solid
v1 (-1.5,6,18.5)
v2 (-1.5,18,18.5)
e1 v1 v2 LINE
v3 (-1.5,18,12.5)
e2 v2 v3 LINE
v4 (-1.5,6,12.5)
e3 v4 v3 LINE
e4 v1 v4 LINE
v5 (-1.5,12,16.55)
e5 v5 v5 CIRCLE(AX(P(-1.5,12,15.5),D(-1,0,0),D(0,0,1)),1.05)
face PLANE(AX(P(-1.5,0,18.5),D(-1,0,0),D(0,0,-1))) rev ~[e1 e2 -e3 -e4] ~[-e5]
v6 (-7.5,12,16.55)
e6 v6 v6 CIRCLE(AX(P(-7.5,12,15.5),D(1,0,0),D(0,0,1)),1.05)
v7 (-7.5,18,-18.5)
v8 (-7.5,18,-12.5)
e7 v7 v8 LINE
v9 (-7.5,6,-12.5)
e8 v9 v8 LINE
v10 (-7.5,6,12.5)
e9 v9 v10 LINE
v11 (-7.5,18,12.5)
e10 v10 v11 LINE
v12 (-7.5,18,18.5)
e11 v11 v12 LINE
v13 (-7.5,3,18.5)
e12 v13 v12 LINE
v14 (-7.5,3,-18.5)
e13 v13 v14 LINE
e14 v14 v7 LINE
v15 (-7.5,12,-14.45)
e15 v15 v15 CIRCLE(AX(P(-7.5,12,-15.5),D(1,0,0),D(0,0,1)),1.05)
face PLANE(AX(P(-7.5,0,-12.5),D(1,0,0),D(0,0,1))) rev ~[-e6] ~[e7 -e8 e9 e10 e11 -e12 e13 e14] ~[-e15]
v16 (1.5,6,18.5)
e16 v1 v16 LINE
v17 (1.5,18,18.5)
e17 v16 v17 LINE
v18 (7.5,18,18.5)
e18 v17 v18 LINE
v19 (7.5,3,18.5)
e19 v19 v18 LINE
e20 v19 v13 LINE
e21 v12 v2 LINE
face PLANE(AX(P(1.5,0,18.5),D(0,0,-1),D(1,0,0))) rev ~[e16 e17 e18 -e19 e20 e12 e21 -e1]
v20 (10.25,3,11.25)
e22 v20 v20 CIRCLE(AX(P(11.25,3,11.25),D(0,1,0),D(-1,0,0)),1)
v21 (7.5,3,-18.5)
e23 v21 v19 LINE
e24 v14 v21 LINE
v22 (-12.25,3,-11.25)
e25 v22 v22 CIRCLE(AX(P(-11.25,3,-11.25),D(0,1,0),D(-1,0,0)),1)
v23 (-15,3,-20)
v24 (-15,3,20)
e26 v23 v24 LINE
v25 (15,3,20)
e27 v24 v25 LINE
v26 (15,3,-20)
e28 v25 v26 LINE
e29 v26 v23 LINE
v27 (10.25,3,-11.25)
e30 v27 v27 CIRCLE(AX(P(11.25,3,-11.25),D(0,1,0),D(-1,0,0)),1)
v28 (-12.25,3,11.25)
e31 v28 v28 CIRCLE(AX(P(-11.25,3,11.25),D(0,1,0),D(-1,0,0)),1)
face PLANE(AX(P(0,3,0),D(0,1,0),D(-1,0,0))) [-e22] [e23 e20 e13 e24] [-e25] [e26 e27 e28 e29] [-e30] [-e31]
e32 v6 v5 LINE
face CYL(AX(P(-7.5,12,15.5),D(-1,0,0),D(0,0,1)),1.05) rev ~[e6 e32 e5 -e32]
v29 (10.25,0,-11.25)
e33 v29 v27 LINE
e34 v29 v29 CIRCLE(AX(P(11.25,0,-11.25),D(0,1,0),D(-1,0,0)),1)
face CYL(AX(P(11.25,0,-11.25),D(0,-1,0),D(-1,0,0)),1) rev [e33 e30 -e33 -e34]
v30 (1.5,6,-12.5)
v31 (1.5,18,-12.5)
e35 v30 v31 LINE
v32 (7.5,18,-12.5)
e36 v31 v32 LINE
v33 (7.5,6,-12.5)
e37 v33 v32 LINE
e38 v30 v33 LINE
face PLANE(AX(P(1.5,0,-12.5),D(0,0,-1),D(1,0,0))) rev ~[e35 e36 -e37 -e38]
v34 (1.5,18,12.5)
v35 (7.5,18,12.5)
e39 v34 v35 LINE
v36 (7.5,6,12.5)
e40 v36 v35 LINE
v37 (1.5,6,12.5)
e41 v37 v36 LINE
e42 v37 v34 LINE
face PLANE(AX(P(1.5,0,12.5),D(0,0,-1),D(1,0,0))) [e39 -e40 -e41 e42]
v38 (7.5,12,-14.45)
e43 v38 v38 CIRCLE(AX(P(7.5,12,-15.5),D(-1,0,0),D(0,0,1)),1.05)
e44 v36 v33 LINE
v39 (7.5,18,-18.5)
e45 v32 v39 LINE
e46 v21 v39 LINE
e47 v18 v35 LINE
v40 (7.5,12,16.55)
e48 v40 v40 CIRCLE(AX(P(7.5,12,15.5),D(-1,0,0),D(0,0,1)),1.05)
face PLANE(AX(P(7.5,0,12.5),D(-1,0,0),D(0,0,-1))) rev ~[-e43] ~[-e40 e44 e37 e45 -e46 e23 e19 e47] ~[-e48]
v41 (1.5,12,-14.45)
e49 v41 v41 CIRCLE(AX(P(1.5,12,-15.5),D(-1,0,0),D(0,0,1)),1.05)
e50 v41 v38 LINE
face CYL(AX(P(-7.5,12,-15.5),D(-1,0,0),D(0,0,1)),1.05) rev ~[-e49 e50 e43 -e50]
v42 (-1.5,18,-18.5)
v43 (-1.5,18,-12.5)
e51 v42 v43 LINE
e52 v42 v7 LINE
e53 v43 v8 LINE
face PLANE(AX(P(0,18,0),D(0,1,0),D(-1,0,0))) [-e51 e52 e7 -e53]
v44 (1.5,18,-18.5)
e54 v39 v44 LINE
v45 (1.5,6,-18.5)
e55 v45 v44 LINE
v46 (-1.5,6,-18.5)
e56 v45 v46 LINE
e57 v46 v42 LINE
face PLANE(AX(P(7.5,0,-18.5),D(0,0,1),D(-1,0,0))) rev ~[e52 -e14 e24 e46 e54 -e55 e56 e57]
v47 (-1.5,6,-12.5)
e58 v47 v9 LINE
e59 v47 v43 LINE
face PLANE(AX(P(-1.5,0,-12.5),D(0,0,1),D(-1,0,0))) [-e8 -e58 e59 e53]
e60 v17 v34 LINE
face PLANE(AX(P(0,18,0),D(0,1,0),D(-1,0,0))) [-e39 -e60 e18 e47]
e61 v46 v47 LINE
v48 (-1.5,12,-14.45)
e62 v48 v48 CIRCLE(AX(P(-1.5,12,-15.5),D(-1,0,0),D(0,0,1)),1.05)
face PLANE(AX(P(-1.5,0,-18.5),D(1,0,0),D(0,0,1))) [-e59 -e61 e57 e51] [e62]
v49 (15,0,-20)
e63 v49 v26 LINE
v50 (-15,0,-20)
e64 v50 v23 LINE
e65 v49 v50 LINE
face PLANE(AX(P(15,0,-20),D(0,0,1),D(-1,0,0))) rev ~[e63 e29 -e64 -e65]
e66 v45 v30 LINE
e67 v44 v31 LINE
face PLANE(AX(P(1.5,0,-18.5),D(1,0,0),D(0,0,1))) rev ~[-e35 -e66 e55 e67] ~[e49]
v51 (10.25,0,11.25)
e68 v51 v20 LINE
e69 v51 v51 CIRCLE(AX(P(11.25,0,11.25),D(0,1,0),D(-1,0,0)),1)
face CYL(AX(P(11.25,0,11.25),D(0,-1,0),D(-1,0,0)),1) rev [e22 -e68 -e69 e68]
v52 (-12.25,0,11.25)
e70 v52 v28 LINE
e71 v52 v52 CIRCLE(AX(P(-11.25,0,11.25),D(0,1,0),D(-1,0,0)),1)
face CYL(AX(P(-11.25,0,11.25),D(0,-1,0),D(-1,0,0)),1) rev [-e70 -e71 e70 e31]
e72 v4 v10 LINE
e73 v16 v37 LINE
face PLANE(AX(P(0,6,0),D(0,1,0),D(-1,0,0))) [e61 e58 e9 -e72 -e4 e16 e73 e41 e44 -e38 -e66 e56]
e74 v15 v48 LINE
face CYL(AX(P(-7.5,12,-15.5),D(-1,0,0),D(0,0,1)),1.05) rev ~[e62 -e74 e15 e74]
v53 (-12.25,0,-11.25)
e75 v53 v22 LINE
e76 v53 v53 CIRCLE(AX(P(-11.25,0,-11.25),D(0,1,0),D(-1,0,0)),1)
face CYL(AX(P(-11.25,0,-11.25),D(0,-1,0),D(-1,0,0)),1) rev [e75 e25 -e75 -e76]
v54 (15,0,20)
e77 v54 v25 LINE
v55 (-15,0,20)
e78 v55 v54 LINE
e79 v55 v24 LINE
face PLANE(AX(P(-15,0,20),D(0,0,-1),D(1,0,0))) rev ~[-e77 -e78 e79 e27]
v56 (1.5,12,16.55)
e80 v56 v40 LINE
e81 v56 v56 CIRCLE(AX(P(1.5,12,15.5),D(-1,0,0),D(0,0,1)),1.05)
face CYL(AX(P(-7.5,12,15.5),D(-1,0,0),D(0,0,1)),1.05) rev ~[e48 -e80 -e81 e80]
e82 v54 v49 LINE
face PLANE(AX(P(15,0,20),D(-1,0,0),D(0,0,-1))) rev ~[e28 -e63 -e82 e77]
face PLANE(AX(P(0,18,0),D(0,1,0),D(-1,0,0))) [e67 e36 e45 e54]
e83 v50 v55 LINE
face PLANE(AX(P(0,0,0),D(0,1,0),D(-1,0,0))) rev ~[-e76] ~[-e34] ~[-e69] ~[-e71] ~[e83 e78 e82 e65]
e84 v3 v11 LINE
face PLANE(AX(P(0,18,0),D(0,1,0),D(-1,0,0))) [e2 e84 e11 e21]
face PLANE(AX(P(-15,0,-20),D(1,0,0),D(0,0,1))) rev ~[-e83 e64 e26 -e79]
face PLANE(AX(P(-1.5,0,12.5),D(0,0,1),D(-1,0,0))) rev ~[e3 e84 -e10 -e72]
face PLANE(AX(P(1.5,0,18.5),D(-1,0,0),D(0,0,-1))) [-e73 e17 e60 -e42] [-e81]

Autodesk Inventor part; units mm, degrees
ref_plane "YZ Plane" through (0, 0, 0) normal (1, 0, 0) x (0, 1, 0)
ref_plane "XZ Plane" through (0, 0, 0) normal (0, 1, 0) x (-1, 0, 0)
ref_plane "XY Plane" through (0, 0, 0) normal (0, 0, 1) x (1, 0, 0)
sketch "Sketch1" plane through (0, 0, 0) normal (0, 1, 0) x (-1, 0, 0)
  circle A0 centre (11.25, 11.25) radius 1
  circle A1 centre (11.25, -11.25) radius 1
  circle A2 centre (-11.25, 11.25) radius 1
  circle A3 centre (-11.25, -11.25) radius 1
  line L0 (-7.5, -18.5) -> (7.5, -18.5)
  line L1 (7.5, -18.5) -> (7.5, 18.5)
  line L2 (7.5, 18.5) -> (-7.5, 18.5)
  line L3 (-7.5, 18.5) -> (-7.5, -18.5)
  line L4 (-15, -20) -> (15, -20)
  line L5 (15, -20) -> (15, 20)
  line L6 (15, 20) -> (-15, 20)
  line L7 (-15, 20) -> (-15, -20)
  line L8 (7.5, -18.5) -> (1.5, -18.5)
  line L9 (1.5, -18.5) -> (1.5, -12.5)
  line L10 (1.5, -12.5) -> (7.5, -12.5)
  line L11 (7.5, -12.5) -> (7.5, -18.5)
  line L12 (-7.5, -18.5) -> (-1.5, -18.5)
  line L13 (-1.5, -18.5) -> (-1.5, -12.5)
  line L14 (-1.5, -12.5) -> (-7.5, -12.5)
  line L15 (-7.5, -12.5) -> (-7.5, -18.5)
  line L16 (-7.5, 18.5) -> (-1.5, 18.5)
  line L17 (-1.5, 18.5) -> (-1.5, 12.5)
  line L18 (-1.5, 12.5) -> (-7.5, 12.5)
  line L19 (-7.5, 12.5) -> (-7.5, 18.5)
  line L20 (7.5, 18.5) -> (1.5, 18.5)
  line L21 (1.5, 18.5) -> (1.5, 12.5)
  line L22 (1.5, 12.5) -> (7.5, 12.5)
  line L23 (7.5, 12.5) -> (7.5, 18.5)
  point P0 (0, 0)
extrude "Extrusion7" add sketch "Sketch1" along normal blind 18 contours L3 L14 L13 L0 | L9 L10 L1 L0 | L3 L2 L17 L18 | L22 L21 L2 L1
extrude "Extrusion8" add sketch "Sketch1" along normal blind 6 contours L13 L14 L3 L18 L17 L2 L21 L22 L1 L10 L9 L0
extrude "Extrusion9" add sketch "Sketch1" along normal blind 3
sketch "Sketch4" plane through (-7.5, 18, 12.5) normal (-1, 0, 0) x (0, 0, 1)
  line L0 (-25, -12) -> (-31, -12) projected
  line L1 (-28, -12) -> (-28, -6)
  line L2 (6, -12) -> (0, -12) projected
  line L3 (3, -12) -> (3, -6)
  circle A0 centre (-28, -6) radius 1.05
  circle A1 centre (3, -6) radius 1.05
  point P0 (-12.5, -18)
  dimension "d65" = 6
  dimension "d66" = 6
  dimension "d67" = 2.1
  dimension "d68" = 2.1
extrude "Extrusion10" cut sketch "Sketch4" against normal blind 18
properties part number "camera_plate2"
